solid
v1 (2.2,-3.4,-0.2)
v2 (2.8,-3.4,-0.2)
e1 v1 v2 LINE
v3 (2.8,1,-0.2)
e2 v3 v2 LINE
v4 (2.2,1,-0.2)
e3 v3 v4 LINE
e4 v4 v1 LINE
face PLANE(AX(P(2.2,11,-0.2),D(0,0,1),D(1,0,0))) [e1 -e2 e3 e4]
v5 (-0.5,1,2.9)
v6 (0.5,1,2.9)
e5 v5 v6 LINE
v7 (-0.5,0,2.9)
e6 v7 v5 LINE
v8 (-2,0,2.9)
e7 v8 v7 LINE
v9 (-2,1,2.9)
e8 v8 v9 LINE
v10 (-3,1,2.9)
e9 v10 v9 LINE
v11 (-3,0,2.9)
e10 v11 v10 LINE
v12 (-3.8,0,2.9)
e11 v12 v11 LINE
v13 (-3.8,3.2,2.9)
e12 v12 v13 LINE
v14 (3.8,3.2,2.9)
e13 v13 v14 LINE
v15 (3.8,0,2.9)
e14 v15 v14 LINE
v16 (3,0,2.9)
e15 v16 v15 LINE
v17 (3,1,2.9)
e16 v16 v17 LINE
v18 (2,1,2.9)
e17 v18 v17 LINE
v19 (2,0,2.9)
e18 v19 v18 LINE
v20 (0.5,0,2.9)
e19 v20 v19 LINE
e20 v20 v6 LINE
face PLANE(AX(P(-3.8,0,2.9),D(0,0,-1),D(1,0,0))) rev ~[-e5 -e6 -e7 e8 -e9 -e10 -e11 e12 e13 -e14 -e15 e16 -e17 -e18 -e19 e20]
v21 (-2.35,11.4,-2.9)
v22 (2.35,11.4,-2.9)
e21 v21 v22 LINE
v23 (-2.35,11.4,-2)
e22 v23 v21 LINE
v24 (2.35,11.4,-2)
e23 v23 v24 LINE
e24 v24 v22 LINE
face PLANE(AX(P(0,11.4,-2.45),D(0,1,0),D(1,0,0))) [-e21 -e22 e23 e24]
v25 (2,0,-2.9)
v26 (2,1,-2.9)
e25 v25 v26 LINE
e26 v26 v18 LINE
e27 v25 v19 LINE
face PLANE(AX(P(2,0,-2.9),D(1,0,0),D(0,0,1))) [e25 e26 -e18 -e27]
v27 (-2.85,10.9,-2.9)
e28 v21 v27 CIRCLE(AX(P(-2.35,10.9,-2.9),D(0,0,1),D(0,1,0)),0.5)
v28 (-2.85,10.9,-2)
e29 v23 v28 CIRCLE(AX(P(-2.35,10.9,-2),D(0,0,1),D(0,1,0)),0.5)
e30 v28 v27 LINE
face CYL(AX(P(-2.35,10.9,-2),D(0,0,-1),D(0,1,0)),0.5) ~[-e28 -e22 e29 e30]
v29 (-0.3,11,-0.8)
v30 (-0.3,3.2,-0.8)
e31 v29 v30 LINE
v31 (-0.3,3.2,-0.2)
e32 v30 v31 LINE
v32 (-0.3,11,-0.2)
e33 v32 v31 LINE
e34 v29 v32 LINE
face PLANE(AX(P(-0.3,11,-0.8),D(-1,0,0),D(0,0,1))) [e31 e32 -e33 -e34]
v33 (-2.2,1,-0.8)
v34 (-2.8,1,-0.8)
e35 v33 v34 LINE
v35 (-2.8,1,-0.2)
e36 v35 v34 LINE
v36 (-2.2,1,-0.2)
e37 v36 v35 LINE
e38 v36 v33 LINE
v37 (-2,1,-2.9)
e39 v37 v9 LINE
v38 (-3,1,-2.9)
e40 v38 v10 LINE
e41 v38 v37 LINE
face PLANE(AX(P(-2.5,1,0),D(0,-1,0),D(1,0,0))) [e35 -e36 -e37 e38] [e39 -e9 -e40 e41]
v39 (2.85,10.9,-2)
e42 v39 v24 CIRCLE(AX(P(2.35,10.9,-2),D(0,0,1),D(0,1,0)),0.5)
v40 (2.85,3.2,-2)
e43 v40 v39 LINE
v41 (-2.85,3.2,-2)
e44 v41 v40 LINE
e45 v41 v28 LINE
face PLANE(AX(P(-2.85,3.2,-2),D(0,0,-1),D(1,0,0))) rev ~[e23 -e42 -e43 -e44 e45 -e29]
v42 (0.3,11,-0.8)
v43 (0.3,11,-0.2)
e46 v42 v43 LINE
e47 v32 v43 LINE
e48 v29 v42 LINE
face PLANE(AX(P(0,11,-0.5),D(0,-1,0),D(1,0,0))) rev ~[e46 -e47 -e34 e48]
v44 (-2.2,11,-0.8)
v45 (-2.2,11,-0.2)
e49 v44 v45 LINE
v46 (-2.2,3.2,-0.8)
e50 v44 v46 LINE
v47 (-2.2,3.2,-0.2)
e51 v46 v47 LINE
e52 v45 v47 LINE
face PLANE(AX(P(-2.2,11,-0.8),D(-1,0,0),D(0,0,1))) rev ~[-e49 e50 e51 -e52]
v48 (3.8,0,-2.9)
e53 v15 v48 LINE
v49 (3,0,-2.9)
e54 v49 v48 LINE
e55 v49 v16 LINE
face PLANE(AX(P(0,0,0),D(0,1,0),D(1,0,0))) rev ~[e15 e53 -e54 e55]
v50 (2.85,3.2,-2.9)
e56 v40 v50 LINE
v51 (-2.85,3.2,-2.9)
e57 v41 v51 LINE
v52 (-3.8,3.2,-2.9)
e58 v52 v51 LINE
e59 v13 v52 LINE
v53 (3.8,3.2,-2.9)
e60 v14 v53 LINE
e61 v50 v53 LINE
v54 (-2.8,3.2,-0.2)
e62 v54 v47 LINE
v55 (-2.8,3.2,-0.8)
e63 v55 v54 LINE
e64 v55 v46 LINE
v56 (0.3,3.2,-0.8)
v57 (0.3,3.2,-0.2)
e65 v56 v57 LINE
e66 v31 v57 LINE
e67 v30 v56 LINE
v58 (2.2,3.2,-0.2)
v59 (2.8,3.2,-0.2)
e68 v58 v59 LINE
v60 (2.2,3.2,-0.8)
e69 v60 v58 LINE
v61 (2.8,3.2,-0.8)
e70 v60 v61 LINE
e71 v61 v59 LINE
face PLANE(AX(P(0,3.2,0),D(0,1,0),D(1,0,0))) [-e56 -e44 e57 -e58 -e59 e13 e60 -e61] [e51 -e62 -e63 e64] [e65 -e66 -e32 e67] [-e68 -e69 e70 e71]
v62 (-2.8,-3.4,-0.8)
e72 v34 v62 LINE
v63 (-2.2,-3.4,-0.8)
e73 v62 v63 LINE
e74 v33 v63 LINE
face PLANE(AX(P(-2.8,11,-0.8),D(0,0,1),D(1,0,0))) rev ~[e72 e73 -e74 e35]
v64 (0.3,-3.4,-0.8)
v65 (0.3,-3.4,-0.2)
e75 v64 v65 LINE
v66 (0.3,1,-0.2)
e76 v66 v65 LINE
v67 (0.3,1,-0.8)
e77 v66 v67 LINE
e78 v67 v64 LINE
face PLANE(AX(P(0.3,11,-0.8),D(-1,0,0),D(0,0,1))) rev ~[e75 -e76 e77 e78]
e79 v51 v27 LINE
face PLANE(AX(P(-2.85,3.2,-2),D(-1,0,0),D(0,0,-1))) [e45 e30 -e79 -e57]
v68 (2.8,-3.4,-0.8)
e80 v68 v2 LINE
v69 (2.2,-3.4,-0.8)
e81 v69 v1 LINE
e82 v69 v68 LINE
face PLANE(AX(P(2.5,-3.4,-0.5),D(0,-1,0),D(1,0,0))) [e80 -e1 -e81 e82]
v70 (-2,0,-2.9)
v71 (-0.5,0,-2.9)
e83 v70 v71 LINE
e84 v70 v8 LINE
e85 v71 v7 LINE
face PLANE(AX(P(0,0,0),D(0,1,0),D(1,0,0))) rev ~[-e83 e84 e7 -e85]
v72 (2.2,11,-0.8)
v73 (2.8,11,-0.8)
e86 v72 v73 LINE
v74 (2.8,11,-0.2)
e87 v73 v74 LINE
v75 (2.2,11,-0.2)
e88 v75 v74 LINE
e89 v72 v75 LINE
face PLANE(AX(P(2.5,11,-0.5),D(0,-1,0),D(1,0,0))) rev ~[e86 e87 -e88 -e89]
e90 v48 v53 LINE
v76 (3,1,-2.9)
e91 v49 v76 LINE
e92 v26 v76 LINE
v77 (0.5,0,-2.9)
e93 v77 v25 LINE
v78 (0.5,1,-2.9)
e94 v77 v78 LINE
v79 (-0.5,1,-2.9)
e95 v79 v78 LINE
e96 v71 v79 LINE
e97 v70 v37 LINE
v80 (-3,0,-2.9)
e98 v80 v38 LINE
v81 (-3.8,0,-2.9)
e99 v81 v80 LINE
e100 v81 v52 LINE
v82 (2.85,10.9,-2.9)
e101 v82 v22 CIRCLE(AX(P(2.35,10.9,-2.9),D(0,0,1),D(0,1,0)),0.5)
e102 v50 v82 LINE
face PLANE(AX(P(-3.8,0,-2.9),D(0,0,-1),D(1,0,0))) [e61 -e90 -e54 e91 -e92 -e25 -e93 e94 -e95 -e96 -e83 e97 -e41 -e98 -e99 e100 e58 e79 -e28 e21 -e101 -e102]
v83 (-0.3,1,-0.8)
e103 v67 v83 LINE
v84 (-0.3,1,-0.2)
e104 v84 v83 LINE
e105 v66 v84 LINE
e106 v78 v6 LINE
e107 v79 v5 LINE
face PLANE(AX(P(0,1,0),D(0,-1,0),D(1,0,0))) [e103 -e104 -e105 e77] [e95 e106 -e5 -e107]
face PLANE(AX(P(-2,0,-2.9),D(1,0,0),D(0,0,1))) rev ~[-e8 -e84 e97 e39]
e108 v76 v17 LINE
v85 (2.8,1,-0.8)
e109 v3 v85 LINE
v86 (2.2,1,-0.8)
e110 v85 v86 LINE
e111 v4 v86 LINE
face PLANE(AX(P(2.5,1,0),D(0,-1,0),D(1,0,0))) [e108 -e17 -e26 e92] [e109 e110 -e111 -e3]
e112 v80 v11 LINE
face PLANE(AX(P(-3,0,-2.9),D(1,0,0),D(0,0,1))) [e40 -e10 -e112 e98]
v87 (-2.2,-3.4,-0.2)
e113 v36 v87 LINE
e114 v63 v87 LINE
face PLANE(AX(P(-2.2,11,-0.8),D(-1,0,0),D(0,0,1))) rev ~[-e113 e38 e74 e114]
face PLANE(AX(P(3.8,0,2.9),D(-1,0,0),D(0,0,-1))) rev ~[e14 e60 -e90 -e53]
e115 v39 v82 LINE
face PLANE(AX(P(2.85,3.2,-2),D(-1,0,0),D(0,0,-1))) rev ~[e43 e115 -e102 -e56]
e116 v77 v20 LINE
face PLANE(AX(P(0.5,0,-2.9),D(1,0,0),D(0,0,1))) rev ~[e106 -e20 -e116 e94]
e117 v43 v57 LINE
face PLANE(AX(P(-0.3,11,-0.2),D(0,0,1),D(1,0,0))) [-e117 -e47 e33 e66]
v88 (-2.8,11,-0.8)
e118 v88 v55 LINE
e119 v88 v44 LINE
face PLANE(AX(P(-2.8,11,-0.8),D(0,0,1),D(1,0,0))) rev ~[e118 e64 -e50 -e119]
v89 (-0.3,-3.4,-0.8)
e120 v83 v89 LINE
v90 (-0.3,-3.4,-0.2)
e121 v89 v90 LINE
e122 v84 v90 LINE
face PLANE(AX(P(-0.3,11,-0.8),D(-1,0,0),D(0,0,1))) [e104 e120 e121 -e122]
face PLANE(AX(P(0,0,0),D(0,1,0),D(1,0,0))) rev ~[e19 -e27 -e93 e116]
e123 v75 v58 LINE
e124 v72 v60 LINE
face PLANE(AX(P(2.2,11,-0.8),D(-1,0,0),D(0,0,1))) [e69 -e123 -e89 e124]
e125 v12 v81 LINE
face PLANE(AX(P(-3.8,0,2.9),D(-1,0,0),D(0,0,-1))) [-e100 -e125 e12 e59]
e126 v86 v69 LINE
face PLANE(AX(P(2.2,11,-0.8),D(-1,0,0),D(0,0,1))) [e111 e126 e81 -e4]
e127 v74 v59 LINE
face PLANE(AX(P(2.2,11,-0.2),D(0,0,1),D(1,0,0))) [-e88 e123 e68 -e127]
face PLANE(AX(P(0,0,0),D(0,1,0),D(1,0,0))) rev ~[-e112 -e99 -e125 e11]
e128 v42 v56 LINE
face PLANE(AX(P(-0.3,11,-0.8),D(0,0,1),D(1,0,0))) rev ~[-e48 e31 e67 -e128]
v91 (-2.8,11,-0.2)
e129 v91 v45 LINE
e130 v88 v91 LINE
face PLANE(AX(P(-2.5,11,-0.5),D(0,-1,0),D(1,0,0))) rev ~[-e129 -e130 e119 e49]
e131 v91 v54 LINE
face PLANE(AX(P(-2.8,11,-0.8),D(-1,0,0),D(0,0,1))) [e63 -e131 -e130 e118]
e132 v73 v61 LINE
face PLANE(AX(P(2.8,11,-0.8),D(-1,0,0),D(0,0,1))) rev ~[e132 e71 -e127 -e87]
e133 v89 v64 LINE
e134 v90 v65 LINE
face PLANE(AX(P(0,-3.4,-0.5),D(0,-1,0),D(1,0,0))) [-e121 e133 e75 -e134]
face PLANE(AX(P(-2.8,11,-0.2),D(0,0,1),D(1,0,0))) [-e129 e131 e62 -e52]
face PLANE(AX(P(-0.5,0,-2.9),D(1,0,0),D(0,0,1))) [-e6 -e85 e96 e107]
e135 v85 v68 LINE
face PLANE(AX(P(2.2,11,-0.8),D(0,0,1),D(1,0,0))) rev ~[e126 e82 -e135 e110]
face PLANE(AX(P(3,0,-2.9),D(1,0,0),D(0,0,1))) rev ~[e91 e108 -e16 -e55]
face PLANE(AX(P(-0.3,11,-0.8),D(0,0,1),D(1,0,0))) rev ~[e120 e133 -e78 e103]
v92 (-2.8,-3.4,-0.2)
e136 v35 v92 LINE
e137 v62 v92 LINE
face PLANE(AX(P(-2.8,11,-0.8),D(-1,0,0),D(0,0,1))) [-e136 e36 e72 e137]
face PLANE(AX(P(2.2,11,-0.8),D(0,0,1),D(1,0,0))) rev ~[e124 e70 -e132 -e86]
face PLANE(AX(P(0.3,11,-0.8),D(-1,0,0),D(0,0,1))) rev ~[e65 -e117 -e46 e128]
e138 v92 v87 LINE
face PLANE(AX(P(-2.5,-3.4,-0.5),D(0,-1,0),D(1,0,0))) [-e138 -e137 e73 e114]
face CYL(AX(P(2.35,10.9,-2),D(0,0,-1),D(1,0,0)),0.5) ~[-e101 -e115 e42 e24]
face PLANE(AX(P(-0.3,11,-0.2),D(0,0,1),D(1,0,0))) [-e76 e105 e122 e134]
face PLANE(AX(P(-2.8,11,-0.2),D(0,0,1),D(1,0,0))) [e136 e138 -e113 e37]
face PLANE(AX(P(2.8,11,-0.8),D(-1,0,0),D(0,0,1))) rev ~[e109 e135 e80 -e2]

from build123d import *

# Parameters (mm, degrees)
CROQUIS1_W                   = 7.6
CROQUIS1_H                   = 5.8
SALIENTE_EXTRUIR1_DEPTH      = 3.2
CROQUIS2_W                   = 5.7
CROQUIS2_H                   = 0.9
SALIENTE_EXTRUIR2_DEPTH      = 8.2
REDONDEO2_R                  = 0.5
REDONDEO3_R                  = 0.5
CROQUIS3_W                   = 1
CROQUIS3_H                   = 5.8
CORTAR_EXTRUIR1_DEPTH        = 1
SALIENTE_EXTRUIR3_DEPTH      = 4.4
SALIENTE_EXTRUIR3_DEPTH_BACK = 10
CROQUIS4_W                   = 0.6
CROQUIS4_H                   = 0.6


with BuildPart() as part:
    # Croquis1 → Saliente-Extruir1 (new body)
    with BuildSketch(Plane(origin=(0, 0, 0), x_dir=(1, 0, 0), z_dir=(0, 1, 0))):
        Rectangle(CROQUIS1_W, CROQUIS1_H)
    extrude(amount=SALIENTE_EXTRUIR1_DEPTH)

    # Croquis2 → Saliente-Extruir2 (add)
    with BuildSketch(Plane(origin=(0, 3.2, 0), x_dir=(1, 0, 0), z_dir=(0, 1, 0))):
        with Locations((0, 2.45)):
            Rectangle(CROQUIS2_W, CROQUIS2_H)
    extrude(amount=SALIENTE_EXTRUIR2_DEPTH)

    # Redondeo2
    redondeo2_edges = [part.edges().sort_by_distance(p)[0] for p in [
        (2.85, 11.4, -2.45),
    ]]
    fillet(redondeo2_edges, radius=REDONDEO2_R)

    # Redondeo3
    redondeo3_edges = [part.edges().sort_by_distance(p)[0] for p in [
        (-2.85, 11.4, -2.45),
    ]]
    fillet(redondeo3_edges, radius=REDONDEO3_R)

    # Croquis3 → Cortar-Extruir1 (cut)
    with BuildSketch(Plane.XZ):
        with Locations((-2.5, 0)):
            Rectangle(CROQUIS3_W, CROQUIS3_H)
        Rectangle(CROQUIS3_W, CROQUIS3_H)
        with Locations((2.5, 0)):
            Rectangle(CROQUIS3_W, CROQUIS3_H)
    extrude(amount=-CORTAR_EXTRUIR1_DEPTH, mode=Mode.SUBTRACT)

    # Croquis4 → Saliente-Extruir3 (add, two sides: drawn at the far end of the back side and taken through both)
    with BuildSketch(Plane.XZ.offset(-1).offset(-SALIENTE_EXTRUIR3_DEPTH_BACK)):
        with Locations((-2.5, -0.5)):
            Rectangle(CROQUIS4_W, CROQUIS4_H)
        with Locations((0, -0.5)):
            Rectangle(CROQUIS4_W, CROQUIS4_H)
        with Locations((2.5, -0.5)):
            Rectangle(CROQUIS4_W, CROQUIS4_H)
    extrude(amount=SALIENTE_EXTRUIR3_DEPTH + SALIENTE_EXTRUIR3_DEPTH_BACK)


solid = part.part
